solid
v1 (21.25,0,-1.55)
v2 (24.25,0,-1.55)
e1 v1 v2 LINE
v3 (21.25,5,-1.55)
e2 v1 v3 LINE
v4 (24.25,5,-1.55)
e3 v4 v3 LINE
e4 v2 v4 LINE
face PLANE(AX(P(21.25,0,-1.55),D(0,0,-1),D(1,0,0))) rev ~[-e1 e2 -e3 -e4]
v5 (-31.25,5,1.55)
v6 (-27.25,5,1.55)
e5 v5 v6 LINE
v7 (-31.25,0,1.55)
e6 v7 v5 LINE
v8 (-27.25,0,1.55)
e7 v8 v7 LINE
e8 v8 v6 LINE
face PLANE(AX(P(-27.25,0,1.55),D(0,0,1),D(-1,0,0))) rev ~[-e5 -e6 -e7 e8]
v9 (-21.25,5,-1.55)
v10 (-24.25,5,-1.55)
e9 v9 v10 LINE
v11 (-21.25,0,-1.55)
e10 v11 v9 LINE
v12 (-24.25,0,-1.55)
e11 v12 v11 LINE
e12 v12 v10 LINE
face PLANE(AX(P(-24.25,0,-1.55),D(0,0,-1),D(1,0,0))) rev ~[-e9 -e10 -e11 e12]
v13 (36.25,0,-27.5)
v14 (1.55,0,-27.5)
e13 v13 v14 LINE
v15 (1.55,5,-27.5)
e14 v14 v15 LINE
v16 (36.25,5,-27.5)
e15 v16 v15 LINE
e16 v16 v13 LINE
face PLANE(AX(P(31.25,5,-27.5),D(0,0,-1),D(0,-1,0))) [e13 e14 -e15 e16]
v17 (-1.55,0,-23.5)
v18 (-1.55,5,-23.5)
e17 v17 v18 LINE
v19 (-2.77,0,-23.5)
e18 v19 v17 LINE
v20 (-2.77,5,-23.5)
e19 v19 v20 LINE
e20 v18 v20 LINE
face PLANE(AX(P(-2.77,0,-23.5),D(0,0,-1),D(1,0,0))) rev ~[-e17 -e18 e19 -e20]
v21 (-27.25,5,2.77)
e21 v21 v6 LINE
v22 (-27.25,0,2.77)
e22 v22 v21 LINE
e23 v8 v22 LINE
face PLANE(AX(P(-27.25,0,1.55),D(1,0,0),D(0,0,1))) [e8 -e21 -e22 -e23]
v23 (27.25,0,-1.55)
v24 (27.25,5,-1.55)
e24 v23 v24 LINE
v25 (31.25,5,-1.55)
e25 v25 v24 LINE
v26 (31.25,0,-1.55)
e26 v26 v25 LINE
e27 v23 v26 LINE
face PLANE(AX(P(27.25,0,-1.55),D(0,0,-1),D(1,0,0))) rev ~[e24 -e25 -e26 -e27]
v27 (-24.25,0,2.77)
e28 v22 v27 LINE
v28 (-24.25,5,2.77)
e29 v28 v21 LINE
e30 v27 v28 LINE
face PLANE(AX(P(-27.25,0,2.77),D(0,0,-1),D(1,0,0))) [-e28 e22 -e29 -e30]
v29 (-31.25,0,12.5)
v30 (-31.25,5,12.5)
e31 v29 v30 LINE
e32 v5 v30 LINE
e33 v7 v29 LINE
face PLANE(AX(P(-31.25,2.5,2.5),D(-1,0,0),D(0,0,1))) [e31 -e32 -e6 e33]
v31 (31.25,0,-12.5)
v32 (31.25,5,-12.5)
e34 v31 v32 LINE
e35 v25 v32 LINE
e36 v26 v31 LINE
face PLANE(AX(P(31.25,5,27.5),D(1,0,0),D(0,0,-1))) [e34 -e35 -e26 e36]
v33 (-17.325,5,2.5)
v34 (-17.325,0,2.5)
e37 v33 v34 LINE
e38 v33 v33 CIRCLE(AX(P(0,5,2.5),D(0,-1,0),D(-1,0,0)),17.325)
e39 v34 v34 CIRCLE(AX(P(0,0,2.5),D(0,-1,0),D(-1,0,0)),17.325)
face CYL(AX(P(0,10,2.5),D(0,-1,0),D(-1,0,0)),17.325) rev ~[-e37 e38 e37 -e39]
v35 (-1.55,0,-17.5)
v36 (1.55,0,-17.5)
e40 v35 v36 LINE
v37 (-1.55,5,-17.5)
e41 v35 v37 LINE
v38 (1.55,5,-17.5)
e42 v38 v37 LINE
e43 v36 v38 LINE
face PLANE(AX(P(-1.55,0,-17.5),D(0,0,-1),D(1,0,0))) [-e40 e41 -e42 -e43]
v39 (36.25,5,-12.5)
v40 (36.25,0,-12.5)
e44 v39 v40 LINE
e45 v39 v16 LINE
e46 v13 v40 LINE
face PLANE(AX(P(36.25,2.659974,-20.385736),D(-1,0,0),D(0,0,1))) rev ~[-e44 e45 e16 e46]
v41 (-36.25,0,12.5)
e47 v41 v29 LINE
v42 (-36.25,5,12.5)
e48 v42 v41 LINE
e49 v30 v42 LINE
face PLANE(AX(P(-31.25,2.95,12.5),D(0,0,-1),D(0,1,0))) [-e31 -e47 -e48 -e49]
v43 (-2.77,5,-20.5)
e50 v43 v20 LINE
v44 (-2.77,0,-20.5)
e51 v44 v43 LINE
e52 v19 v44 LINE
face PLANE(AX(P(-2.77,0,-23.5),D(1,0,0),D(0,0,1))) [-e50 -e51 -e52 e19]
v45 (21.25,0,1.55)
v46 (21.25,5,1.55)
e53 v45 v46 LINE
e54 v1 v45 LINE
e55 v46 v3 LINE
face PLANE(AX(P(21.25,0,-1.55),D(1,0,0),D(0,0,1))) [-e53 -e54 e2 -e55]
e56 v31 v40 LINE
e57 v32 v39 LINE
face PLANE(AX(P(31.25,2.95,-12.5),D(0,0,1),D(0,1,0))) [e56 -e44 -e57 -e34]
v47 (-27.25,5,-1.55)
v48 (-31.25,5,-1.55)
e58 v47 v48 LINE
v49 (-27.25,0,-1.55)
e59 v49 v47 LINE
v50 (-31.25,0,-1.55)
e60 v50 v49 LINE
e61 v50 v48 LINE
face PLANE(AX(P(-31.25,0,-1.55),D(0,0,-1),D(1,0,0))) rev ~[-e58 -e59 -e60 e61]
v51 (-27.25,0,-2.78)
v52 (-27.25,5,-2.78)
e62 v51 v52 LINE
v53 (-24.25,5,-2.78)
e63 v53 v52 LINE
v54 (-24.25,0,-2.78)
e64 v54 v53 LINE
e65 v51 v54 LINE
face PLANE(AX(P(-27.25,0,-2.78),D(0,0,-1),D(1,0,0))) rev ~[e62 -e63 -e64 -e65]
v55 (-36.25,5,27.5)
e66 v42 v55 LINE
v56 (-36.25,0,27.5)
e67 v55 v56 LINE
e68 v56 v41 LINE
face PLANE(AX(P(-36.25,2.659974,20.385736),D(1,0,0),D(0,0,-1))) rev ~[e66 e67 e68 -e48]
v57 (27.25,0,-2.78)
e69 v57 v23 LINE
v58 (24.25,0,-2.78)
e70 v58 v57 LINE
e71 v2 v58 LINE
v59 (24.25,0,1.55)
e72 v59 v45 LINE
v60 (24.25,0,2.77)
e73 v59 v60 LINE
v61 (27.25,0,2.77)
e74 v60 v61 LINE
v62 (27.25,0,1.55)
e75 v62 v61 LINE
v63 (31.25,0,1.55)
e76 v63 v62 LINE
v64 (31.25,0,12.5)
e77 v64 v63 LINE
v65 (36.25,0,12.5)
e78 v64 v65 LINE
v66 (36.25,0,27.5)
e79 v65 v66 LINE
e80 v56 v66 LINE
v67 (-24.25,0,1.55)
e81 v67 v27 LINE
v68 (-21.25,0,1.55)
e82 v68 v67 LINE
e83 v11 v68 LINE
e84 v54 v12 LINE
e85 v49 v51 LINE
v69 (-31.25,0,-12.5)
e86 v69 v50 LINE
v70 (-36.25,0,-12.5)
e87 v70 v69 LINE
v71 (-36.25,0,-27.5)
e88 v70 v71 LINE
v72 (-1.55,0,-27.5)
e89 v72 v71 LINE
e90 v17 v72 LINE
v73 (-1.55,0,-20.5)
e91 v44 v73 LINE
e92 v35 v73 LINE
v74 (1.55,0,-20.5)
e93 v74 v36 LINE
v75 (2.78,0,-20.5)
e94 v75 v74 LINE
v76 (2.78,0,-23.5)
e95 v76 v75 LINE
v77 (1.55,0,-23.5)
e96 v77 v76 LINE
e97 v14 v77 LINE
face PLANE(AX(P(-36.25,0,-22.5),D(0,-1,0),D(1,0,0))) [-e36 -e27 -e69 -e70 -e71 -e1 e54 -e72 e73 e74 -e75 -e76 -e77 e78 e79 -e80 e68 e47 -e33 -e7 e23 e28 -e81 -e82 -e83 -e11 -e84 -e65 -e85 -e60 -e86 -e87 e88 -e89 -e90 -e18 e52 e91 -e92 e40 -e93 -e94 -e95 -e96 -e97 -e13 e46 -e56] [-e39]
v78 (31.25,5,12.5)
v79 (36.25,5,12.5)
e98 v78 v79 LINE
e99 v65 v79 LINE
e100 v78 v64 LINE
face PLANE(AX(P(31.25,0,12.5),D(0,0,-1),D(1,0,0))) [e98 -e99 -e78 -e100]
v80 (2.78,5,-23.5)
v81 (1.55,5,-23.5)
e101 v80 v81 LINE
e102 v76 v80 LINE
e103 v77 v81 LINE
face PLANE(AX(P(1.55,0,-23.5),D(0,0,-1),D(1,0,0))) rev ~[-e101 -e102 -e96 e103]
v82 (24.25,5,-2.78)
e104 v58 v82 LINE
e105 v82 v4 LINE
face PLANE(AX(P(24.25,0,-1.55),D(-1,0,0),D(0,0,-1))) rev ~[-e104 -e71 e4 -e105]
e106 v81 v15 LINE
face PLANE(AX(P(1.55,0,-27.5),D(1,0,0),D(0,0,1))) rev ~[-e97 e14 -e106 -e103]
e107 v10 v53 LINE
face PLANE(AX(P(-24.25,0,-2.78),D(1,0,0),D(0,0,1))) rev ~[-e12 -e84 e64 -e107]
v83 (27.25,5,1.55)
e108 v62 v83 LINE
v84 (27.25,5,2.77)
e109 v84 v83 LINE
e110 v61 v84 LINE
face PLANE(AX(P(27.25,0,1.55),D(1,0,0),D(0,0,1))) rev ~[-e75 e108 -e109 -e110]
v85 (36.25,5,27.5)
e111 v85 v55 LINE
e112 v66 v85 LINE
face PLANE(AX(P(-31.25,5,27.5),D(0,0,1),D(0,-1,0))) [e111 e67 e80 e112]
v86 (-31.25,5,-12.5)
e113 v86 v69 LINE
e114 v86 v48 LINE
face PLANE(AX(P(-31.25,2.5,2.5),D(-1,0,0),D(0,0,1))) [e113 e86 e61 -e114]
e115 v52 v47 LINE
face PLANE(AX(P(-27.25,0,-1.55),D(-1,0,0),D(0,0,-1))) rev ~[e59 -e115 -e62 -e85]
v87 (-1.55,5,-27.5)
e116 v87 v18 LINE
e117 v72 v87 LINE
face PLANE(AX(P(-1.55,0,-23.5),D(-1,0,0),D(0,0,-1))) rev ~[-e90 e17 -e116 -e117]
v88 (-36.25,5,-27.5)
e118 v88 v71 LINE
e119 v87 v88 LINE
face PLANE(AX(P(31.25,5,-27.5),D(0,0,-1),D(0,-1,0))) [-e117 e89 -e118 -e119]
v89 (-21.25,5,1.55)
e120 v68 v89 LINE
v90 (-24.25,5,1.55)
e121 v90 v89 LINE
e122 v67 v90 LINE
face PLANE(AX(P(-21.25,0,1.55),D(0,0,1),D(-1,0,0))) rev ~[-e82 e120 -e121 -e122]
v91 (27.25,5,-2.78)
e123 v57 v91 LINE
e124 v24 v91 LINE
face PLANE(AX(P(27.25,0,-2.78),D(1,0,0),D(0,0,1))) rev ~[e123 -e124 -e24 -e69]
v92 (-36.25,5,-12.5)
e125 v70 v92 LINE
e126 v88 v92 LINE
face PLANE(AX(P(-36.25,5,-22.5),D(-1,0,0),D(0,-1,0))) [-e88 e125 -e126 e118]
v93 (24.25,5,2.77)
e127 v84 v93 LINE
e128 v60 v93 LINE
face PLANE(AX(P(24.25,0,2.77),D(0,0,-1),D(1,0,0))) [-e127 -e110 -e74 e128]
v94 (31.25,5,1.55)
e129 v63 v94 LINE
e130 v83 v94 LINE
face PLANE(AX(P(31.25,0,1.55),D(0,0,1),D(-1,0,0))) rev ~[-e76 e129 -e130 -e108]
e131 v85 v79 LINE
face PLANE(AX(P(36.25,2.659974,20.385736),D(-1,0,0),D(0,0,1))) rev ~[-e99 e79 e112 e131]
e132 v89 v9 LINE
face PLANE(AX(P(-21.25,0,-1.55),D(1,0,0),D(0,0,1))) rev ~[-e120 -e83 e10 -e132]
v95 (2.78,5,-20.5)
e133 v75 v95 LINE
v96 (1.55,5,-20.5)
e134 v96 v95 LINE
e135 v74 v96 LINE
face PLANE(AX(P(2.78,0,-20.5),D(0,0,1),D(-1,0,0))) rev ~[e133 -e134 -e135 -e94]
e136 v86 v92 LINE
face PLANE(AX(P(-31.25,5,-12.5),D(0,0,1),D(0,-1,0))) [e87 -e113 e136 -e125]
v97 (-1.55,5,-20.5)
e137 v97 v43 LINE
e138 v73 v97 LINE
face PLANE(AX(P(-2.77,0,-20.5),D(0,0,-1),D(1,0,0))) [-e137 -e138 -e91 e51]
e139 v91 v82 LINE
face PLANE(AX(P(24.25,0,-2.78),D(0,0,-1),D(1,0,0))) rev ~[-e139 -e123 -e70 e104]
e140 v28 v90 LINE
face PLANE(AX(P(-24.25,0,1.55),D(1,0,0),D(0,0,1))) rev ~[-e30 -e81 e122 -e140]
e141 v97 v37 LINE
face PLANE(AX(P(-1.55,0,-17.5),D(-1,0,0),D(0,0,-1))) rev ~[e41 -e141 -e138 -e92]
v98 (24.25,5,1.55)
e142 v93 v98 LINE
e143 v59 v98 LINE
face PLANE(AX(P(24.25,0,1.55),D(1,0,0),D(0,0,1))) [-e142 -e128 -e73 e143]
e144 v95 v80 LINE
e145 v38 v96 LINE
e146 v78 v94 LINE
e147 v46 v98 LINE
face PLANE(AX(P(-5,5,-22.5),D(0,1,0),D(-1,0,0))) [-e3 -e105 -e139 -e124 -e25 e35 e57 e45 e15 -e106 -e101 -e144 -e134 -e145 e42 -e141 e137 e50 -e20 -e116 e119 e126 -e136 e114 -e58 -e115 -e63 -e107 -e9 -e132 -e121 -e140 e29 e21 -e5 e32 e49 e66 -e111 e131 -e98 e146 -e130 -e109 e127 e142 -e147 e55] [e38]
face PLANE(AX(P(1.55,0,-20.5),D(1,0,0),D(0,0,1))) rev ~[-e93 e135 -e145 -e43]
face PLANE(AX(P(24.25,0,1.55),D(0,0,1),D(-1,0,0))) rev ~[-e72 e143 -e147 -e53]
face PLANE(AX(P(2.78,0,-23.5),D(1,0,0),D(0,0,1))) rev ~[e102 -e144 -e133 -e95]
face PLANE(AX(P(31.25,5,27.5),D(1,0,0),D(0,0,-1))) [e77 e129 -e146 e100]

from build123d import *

# Parameters (mm, degrees)
ESQUISSE1_W             = 26.25
ESQUISSE1_H             = 55
BOSS_EXTRU_1_DEPTH      = 5
BOSS_EXTRU_2_DEPTH      = 5
BOSS_EXTRU_3_DEPTH      = 5
ENL_V_MAT_EXTRU_1_DEPTH = 5
ESQUISSE5_W             = 50
ESQUISSE5_H             = 5
BOSS_EXTRU_4_DEPTH      = 36.25
BOSS_EXTRU_5_DEPTH      = 5
BOSS_EXTRU_6_DEPTH      = 5
BOSS_EXTRU_7_DEPTH      = 5
D_GAGEMENT_M301_D       = 34.65
D_GAGEMENT_M301_DEPTH   = 5
CONG_1_R                = 1.6
ESQUISSE11_W            = 20.033305553
ESQUISSE11_H            = 6.190231364
ESQUISSE11_W_2          = 5
ESQUISSE11_H_2          = 2.95
BOSS_EXTRU_8_DEPTH      = 5
ESQUISSE12_W            = 3.1
ESQUISSE12_H            = 4
ESQUISSE12_H_2          = 3
ESQUISSE12_W_2          = 1.23
ESQUISSE12_W_3          = 1.22
ESQUISSE12_W_4          = 4
ESQUISSE12_H_3          = 3.1
ESQUISSE12_W_5          = 3
ESQUISSE12_H_4          = 1.23
ESQUISSE12_H_5          = 1.22
ENL_V_MAT_EXTRU_2_DEPTH = 6


with BuildPart() as part:
    # Esquisse1 → Boss.-Extru.1 (new body)
    with BuildSketch(Plane(origin=(0, 5, 0), x_dir=(1, 0, 0), z_dir=(0, 1, 0))):
        with Locations((18.125, 0)):
            Rectangle(ESQUISSE1_W, ESQUISSE1_H)
    extrude(amount=-BOSS_EXTRU_1_DEPTH)

    # Esquisse2 → Boss.-Extru.2 (add)
    with BuildSketch(Plane(origin=(31.25, 0, 0), x_dir=(0, 0, -1), z_dir=(1, 0, 0))):
        Polygon((27.5, 5), (27.5, 0), (15.45, 0), (12.5, 2.95), (12.5, 5), align=None)
    extrude(amount=BOSS_EXTRU_2_DEPTH)

    # Esquisse3 → Boss.-Extru.3 (add)
    with BuildSketch(Plane(origin=(31.25, 0, 0), x_dir=(0, 0, -1), z_dir=(1, 0, 0))):
        Polygon((-15.45, 0), (-27.5, 0), (-27.5, 5), (-12.5, 5), (-12.5, 2.95), align=None)
    extrude(amount=BOSS_EXTRU_3_DEPTH)

    # Esquisse4 → Enlèv. mat.-Extru.1 (cut)
    with BuildSketch(Plane(origin=(0, 0, -27.5), x_dir=(-1, 0, 0), z_dir=(0, 0, -1))):
        Polygon((-5, 0), (-5, 2.95), (-7.95, 0), align=None)
    extrude(amount=-ENL_V_MAT_EXTRU_1_DEPTH, mode=Mode.SUBTRACT)

    # Esquisse5 → Boss.-Extru.4 (add)
    with BuildSketch(Plane.ZY.offset(-5)):
        with Locations((2.5, 2.5)):
            Rectangle(ESQUISSE5_W, ESQUISSE5_H)
    extrude(amount=BOSS_EXTRU_4_DEPTH)

    # Esquisse6 → Boss.-Extru.5 (add)
    with BuildSketch(Plane.ZY.offset(31.25)):
        Polygon((27.5, 5), (27.5, 0), (15.45, 0), (12.5, 2.95), (12.5, 5), align=None)
    extrude(amount=BOSS_EXTRU_5_DEPTH)

    # Esquisse7 → Boss.-Extru.6 (add)
    with BuildSketch(Plane.ZY.offset(31.25)):
        Polygon((-22.5, 5), (-12.5, 5), (-12.5, 2.95), (-15.45, 0), (-22.5, 0), align=None)
    extrude(amount=BOSS_EXTRU_6_DEPTH)

    # Esquisse8 → Boss.-Extru.7 (add)
    with BuildSketch(Plane(origin=(0, 0, -22.5), x_dir=(-1, 0, 0), z_dir=(0, 0, -1))):
        Polygon((5, 2.95), (5, 5), (36.25, 5), (36.25, 0), (7.95, 0), align=None)
    extrude(amount=BOSS_EXTRU_7_DEPTH)

    # Dégagement M301
    with Locations(Plane(origin=(0, 5, 0), x_dir=(1, 0, 0), z_dir=(0, 1, 0))):
        with Locations((0, -2.5)):
            Hole(D_GAGEMENT_M301_D / 2, depth=D_GAGEMENT_M301_DEPTH)

    # Congé1
    cong_1_edges = [part.edges().sort_by_distance(p)[0] for p in [
        (-5, 2.95, -25),
        (33.75, 2.95, -12.5),
        (33.75, 2.95, 12.5),
        (5, 2.95, -25),
        (-33.75, 2.95, 12.5),
        (-33.75, 2.95, -12.5),
    ]]
    fillet(cong_1_edges, radius=CONG_1_R)

    # Esquisse11 → Boss.-Extru.8 (add)
    with BuildSketch(Plane.XZ):
        with Locations((0.06715792, -24.404884318)):
            Rectangle(ESQUISSE11_W, ESQUISSE11_H)
        with Locations((-33.75, -13.975)):
            Rectangle(ESQUISSE11_W_2, ESQUISSE11_H_2)
        with Locations((-33.75, 13.975)):
            Rectangle(ESQUISSE11_W_2, ESQUISSE11_H_2)
        with Locations((33.75, 13.975)):
            Rectangle(ESQUISSE11_W_2, ESQUISSE11_H_2)
        with Locations((33.75, -13.975)):
            Rectangle(ESQUISSE11_W_2, ESQUISSE11_H_2)
    extrude(amount=-BOSS_EXTRU_8_DEPTH)

    # Esquisse12 → Enlèv. mat.-Extru.2 (cut, through all)
    with BuildSketch(Plane.XZ):
        with Locations((0, -25.5)):
            Rectangle(ESQUISSE12_W, ESQUISSE12_H)
        with Locations((0, -22)):
            Rectangle(ESQUISSE12_W, ESQUISSE12_H_2)
        with Locations((2.165, -22)):
            Rectangle(ESQUISSE12_W_2, ESQUISSE12_H_2)
        with Locations((0, -19)):
            Rectangle(ESQUISSE12_W, ESQUISSE12_H_2)
        with Locations((-2.16, -22)):
            Rectangle(ESQUISSE12_W_3, ESQUISSE12_H_2)
        with Locations((29.25, 0)):
            Rectangle(ESQUISSE12_W_4, ESQUISSE12_H_3)
        with Locations((25.75, 0)):
            Rectangle(ESQUISSE12_W_5, ESQUISSE12_H_3)
        with Locations((25.75, -2.165)):
            Rectangle(ESQUISSE12_W_5, ESQUISSE12_H_4)
        with Locations((22.75, 0)):
            Rectangle(ESQUISSE12_W_5, ESQUISSE12_H_3)
        with Locations((25.75, 2.16)):
            Rectangle(ESQUISSE12_W_5, ESQUISSE12_H_5)
        with Locations((-22.75, 0)):
            Rectangle(ESQUISSE12_W_5, ESQUISSE12_H_3)
        with Locations((-25.75, 0)):
            Rectangle(ESQUISSE12_W_5, ESQUISSE12_H_3)
        with Locations((-25.75, -2.165)):
            Rectangle(ESQUISSE12_W_5, ESQUISSE12_H_4)
        with Locations((-29.25, 0)):
            Rectangle(ESQUISSE12_W_4, ESQUISSE12_H_3)
        with Locations((-25.75, 2.16)):
            Rectangle(ESQUISSE12_W_5, ESQUISSE12_H_5)
    extrude(amount=-ENL_V_MAT_EXTRU_2_DEPTH, mode=Mode.SUBTRACT)


solid = part.part
